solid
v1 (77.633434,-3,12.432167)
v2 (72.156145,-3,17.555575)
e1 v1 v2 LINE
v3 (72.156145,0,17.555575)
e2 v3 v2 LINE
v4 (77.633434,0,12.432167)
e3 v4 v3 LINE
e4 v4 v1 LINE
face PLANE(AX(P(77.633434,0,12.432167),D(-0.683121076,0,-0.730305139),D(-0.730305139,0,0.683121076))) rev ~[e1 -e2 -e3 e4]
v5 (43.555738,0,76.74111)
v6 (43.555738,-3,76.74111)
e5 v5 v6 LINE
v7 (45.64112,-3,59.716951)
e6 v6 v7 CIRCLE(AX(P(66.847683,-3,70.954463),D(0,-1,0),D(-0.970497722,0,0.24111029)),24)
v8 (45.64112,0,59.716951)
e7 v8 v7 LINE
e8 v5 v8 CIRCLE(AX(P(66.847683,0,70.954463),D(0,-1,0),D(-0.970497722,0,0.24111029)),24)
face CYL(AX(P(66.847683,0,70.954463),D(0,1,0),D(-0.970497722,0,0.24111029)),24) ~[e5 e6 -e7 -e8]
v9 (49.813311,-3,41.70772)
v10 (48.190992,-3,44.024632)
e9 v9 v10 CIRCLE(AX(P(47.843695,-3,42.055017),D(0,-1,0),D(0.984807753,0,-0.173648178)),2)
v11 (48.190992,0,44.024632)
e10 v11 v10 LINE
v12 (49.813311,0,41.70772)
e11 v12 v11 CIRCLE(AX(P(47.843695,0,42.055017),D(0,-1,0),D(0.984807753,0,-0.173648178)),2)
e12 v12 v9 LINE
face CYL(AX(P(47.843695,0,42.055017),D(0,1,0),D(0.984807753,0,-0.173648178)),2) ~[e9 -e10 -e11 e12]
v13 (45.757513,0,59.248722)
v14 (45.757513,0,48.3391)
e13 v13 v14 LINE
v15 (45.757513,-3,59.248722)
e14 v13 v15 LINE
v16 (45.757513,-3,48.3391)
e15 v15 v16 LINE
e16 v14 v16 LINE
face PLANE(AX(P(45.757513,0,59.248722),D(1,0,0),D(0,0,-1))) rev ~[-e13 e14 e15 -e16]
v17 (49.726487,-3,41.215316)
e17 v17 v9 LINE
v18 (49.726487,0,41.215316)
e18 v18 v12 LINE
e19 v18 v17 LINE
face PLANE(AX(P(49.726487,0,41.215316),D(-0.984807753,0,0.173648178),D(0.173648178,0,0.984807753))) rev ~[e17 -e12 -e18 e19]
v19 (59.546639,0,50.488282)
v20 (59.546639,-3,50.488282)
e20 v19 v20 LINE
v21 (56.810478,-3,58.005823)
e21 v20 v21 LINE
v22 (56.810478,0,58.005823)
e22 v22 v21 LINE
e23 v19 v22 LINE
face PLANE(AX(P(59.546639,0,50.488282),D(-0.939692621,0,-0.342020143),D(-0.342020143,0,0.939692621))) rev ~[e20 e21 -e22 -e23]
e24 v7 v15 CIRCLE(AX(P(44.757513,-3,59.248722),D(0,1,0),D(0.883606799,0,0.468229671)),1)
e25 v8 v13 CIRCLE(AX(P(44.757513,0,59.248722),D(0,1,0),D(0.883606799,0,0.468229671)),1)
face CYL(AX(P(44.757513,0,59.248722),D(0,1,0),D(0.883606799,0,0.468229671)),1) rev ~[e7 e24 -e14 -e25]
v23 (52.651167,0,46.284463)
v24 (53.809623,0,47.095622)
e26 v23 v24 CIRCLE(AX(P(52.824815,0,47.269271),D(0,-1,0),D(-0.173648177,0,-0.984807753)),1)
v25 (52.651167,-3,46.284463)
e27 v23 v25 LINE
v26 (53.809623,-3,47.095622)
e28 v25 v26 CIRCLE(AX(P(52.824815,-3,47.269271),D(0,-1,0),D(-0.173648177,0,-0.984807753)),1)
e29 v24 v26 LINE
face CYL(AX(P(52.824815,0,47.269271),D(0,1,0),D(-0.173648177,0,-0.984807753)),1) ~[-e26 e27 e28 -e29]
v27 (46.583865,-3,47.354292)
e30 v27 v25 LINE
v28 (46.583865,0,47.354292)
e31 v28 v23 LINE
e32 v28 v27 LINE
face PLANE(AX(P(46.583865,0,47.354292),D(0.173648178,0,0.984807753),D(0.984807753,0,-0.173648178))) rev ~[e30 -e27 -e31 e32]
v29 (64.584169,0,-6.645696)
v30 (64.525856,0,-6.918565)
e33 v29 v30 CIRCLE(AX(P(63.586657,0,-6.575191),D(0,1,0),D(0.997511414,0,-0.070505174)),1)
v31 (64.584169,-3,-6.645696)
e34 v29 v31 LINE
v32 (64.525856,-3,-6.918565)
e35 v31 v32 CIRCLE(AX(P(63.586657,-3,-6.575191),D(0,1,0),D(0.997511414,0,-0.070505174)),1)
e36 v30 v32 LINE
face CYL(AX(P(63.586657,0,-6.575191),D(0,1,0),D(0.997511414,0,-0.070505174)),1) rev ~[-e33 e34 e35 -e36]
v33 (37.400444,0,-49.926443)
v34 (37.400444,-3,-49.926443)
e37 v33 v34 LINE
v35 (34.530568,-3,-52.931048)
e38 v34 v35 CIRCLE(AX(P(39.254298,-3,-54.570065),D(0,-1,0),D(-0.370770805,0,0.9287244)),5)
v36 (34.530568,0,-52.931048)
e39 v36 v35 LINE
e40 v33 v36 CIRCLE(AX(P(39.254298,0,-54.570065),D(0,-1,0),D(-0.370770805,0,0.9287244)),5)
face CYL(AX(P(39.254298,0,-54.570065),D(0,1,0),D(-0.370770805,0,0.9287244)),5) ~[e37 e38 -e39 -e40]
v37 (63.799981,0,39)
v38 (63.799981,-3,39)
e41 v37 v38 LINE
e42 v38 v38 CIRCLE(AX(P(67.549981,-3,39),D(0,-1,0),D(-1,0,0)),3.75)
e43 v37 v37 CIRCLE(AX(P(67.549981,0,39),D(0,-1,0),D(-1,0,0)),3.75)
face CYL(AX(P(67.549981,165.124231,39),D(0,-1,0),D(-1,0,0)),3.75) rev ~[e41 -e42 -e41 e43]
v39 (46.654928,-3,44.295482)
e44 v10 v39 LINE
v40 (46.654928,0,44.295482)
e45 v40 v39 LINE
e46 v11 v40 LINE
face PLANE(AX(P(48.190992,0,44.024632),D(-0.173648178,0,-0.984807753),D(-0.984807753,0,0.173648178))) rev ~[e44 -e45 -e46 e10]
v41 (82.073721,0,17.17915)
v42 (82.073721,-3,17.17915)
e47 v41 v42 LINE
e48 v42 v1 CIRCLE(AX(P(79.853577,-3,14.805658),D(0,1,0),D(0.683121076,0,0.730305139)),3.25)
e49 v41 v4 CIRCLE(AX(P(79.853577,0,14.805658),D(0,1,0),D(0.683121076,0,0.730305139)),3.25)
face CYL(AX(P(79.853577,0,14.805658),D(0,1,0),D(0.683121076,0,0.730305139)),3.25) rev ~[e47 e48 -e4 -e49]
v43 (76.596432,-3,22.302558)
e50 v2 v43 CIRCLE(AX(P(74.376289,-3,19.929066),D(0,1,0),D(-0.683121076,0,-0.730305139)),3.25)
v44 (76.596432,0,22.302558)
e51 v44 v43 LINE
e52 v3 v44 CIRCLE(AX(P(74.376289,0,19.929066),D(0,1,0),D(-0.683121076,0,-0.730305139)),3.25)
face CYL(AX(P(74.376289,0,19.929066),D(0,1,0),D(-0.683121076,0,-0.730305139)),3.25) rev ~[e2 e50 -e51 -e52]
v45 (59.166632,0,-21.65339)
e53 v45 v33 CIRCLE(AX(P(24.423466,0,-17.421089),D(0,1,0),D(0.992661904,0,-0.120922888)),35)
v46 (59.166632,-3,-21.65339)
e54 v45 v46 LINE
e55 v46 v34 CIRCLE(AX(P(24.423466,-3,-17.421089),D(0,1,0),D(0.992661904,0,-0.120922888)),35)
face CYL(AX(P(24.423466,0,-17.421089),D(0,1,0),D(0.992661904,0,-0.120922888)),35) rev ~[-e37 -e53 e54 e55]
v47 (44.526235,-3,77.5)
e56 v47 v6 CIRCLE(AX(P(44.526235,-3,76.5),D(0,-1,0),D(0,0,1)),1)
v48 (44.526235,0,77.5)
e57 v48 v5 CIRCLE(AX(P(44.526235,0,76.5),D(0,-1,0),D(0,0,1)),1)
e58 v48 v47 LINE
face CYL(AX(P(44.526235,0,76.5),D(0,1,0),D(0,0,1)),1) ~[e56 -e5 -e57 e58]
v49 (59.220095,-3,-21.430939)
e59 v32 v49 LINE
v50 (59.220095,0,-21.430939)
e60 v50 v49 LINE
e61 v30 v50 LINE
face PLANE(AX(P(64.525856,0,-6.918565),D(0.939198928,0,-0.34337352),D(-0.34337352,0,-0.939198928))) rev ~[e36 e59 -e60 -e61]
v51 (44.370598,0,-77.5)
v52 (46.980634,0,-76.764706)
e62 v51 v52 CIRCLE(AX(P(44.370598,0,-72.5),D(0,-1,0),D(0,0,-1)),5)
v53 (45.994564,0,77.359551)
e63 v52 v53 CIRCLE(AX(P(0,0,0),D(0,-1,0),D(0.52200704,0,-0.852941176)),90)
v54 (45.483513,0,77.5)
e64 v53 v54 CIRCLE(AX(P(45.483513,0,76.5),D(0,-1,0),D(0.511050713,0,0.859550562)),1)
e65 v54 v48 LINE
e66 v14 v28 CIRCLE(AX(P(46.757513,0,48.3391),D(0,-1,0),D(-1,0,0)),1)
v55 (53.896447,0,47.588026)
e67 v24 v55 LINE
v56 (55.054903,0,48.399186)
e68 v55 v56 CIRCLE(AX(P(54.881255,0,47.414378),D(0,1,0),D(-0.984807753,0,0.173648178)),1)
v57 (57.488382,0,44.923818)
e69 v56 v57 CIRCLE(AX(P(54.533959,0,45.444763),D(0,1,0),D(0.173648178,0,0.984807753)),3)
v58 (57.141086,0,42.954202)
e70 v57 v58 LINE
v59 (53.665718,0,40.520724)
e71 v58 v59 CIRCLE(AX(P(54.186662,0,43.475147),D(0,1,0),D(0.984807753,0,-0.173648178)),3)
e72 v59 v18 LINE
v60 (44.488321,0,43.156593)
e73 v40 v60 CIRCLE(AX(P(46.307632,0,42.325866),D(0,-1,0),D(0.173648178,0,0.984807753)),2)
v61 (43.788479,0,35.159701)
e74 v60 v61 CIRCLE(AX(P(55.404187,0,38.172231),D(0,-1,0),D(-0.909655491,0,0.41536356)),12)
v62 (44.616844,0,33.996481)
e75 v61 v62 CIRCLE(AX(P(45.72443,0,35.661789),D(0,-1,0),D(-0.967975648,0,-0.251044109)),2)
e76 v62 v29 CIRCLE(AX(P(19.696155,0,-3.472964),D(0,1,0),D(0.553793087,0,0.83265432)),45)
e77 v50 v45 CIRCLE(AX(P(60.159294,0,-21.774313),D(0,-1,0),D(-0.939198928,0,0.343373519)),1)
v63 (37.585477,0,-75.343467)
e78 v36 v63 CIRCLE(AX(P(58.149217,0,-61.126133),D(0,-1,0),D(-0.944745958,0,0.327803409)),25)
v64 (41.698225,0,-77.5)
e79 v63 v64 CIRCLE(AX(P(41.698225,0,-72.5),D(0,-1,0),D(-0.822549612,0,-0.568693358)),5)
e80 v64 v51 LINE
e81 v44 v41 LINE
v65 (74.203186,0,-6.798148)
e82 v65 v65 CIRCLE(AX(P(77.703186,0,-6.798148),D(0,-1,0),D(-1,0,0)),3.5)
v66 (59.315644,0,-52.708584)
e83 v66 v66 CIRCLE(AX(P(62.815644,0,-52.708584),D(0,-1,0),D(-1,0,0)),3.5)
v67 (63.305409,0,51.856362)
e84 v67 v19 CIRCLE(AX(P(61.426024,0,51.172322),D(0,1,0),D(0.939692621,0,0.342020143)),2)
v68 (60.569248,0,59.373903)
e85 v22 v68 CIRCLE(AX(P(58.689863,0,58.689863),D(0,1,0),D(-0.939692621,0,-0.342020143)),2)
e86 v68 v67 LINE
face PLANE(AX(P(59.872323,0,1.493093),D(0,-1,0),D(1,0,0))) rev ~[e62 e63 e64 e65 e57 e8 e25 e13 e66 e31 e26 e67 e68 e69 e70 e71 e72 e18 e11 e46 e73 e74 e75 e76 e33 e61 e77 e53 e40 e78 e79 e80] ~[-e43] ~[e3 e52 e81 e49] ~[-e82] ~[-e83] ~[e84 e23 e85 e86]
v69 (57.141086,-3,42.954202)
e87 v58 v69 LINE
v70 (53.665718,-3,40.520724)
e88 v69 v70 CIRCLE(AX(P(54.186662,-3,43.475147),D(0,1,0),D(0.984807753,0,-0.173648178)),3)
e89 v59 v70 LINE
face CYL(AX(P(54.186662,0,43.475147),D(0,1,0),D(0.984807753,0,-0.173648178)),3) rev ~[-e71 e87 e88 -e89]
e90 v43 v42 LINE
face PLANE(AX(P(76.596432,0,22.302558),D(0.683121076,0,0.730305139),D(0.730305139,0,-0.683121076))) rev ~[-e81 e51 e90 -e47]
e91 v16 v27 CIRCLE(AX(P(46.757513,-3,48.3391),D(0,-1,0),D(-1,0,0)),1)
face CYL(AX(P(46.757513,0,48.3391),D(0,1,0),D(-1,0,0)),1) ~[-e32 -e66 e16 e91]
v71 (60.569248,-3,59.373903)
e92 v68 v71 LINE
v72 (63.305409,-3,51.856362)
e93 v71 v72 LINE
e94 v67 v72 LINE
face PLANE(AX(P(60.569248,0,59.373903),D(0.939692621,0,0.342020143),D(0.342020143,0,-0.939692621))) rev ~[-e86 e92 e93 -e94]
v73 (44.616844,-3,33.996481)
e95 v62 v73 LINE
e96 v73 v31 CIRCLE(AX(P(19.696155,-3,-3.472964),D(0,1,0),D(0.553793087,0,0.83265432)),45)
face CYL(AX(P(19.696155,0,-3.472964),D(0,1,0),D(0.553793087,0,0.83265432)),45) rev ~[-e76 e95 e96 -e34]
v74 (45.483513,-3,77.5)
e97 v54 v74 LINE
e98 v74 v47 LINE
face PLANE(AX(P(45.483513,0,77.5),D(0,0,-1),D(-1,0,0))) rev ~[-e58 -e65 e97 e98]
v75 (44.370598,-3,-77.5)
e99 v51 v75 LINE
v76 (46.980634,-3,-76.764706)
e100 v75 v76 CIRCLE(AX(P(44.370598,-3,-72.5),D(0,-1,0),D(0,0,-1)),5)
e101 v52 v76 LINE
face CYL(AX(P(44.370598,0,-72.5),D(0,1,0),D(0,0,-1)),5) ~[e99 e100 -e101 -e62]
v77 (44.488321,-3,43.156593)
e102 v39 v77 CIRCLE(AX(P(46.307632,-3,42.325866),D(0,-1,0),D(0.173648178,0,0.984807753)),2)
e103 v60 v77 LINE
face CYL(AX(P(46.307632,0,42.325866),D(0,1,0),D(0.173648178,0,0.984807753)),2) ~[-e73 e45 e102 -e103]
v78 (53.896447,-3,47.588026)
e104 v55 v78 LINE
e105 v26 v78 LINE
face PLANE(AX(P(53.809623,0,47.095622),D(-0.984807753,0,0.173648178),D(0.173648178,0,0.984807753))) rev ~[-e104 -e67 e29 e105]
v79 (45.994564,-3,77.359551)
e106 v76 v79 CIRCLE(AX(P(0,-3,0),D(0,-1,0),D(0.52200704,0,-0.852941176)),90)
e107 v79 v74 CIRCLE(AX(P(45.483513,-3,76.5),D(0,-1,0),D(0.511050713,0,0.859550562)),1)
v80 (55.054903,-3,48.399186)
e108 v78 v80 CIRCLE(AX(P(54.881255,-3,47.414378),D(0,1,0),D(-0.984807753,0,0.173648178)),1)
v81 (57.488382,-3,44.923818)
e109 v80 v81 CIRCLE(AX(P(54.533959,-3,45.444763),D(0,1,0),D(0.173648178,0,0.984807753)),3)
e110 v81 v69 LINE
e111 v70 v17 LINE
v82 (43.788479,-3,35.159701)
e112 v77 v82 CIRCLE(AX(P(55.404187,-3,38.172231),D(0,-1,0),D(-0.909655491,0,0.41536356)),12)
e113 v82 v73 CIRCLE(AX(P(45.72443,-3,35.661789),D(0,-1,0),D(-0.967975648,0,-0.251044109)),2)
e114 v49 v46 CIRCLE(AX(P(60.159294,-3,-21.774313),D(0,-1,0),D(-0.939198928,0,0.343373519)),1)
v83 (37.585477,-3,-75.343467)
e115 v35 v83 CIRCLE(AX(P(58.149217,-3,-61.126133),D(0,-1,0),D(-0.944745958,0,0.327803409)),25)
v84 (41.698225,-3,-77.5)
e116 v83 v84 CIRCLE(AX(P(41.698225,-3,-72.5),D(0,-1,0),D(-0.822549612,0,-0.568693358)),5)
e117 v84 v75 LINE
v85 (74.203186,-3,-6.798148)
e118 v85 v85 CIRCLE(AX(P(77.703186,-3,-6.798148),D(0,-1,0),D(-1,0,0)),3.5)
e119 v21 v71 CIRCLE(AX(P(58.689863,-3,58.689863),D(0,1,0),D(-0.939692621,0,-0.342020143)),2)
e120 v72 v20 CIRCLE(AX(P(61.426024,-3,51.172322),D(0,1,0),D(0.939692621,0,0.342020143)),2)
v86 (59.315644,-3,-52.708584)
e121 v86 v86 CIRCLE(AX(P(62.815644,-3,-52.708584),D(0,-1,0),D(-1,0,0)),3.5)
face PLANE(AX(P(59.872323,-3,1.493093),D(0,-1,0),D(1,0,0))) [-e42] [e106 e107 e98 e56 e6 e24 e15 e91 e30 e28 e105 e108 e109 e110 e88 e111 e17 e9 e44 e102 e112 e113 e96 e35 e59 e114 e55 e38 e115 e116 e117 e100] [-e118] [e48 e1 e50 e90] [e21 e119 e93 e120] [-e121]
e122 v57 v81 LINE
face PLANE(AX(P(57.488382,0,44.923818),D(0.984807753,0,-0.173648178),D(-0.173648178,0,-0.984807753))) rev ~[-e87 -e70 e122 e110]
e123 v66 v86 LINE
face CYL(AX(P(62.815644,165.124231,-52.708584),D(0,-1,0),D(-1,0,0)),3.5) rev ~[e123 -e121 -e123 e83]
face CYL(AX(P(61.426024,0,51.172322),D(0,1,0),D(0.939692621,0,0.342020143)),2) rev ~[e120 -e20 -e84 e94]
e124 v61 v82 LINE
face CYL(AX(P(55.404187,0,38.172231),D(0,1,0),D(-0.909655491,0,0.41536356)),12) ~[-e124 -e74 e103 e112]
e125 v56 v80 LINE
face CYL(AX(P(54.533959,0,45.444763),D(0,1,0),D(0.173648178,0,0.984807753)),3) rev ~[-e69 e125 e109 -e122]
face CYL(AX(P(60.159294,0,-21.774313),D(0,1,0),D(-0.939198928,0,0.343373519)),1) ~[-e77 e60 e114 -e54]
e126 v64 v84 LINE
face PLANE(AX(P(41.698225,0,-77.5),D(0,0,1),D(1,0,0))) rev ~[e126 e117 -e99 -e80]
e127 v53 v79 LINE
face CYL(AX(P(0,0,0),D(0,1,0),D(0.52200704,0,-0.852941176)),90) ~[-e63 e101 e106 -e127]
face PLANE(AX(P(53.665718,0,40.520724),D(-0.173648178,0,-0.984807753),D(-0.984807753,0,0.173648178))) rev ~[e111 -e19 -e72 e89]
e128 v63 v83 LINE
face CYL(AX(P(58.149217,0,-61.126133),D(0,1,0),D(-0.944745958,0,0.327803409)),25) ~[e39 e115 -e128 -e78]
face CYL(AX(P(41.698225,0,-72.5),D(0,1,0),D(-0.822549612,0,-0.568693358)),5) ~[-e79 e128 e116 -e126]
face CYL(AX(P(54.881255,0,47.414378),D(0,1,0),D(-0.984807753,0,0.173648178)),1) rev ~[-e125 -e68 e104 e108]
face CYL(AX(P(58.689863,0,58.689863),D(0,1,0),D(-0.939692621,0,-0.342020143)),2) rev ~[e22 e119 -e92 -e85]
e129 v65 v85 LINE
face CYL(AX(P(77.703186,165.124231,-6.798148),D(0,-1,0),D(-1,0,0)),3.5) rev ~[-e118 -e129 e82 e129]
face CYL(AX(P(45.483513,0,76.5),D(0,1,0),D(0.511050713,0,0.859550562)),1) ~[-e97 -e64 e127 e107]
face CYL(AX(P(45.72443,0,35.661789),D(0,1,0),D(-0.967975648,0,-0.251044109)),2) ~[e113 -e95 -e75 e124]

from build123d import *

# Parameters (mm, degrees)
F1_DEPTH = 3
F2_D     = 7.5
F3_D     = 7


with BuildPart() as f1:
    # F0 (on Front) → F1 (new body)
    with BuildSketch(Plane.XZ):
        with BuildLine():
            ThreePointArc((44.3705983732, -77.5), (45.7264137346, -77.3126671094), (46.9806335717, -76.7647058824))
            ThreePointArc((46.9806335717, -76.7647058824), (89.9981580742, 0.57579792), (45.9945642101, 77.3595505618))
            ThreePointArc((45.9945642101, 77.3595505618), (45.7485129667, 77.4642485576), (45.4835134967, 77.5))
            Line((45.4835134967, 77.5), (44.5262354224, 77.5))
            ThreePointArc((44.5262354224, 77.5), (43.9102444687, 77.2877532259), (43.5557377006, 76.74111029))
            ThreePointArc((43.5557377006, 76.74111029), (43.0257432914, 68.0363839372), (45.6411198435, 59.7169512378))
            ThreePointArc((45.6411198435, 59.7169512378), (45.7279786025, 59.4899612828), (45.7575130443, 59.2487215672))
            Line((45.7575130443, 59.2487215672), (45.7575130443, 48.3390996312))
            ThreePointArc((45.7575130443, 48.3390996312), (45.9914686012, 47.6963120215), (46.5838648666, 47.3542918782))
            Line((46.5838648666, 47.3542918782), (52.6511673154, 46.2844627563))
            ThreePointArc((52.6511673154, 46.2844627563), (53.3983919294, 46.4501184651), (53.8096232461, 47.0956223317))
            Line((53.8096232461, 47.0956223317), (53.8964473349, 47.5880262082))
            ThreePointArc((53.8964473349, 47.5880262082), (54.3076786516, 48.2335300748), (55.0549032656, 48.3991857835))
            ThreePointArc((55.0549032656, 48.3991857835), (56.9914148655, 47.1654918335), (57.4883819916, 44.9238179915))
            Line((57.4883819916, 44.9238179915), (57.1410856363, 42.9542024855))
            ThreePointArc((57.1410856363, 42.9542024855), (55.9073916863, 41.0176908856), (53.6657178442, 40.5207237594))
            Line((53.6657178442, 40.5207237594), (49.7264868322, 41.2153164701))
            Line((49.7264868322, 41.2153164701), (49.813310921, 41.7077203466))
            ThreePointArc((49.813310921, 41.7077203466), (49.4819995036, 43.2021695746), (48.1909917703, 44.024632208))
            Line((48.1909917703, 44.024632208), (46.654928091, 44.2954816787))
            ThreePointArc((46.654928091, 44.2954816787), (45.3770547888, 44.0961843774), (44.4883207532, 43.1565932934))
            ThreePointArc((44.4883207532, 43.1565932934), (43.4498768152, 39.2184028407), (43.7884788704, 35.1597012623))
            ThreePointArc((43.7884788704, 35.1597012623), (44.0953044742, 34.5016388527), (44.6168439919, 33.9964808404))
            ThreePointArc((44.6168439919, 33.9964808404), (60.0850196139, 16.3699097283), (64.5841686774, -6.6456963673))
            ThreePointArc((64.5841686774, -6.6456963673), (64.5645764936, -6.784174398), (64.5258561915, -6.9185647133))
            Line((64.5258561915, -6.9185647133), (59.2200951601, -21.4309391015))
            ThreePointArc((59.2200951601, -21.4309391015), (59.1869810524, -21.540630442), (59.1666321841, -21.6533897337))
            ThreePointArc((59.1666321841, -21.6533897337), (52.1569189093, -38.7718630086), (37.4004437105, -49.9264426586))
            ThreePointArc((37.4004437105, -49.9264426586), (35.6386283719, -51.1165251582), (34.530567944, -52.9310476109))
            ThreePointArc((34.530567944, -52.9310476109), (33.3782658922, -64.5025194612), (37.5854765853, -75.34346679))
            ThreePointArc((37.5854765853, -75.34346679), (39.3763002237, -76.9281674511), (41.6982246465, -77.5))
            Line((41.6982246465, -77.5), (44.3705983732, -77.5))
        make_face()
        with BuildLine():
            ThreePointArc((56.8104775969, 58.0058225518), (58.0058225518, 60.5692480801), (60.5692480801, 59.3739031251))
            Line((60.5692480801, 59.3739031251), (63.3054092267, 51.8563621588))
            ThreePointArc((63.3054092267, 51.8563621588), (62.1100642717, 49.2929366306), (59.5466387435, 50.4882815855))
            Line((59.5466387435, 50.4882815855), (56.8104775969, 58.0058225518))
        make_face(mode=Mode.SUBTRACT)
        with BuildLine():
            ThreePointArc((72.1561451286, 17.555574771), (72.0027969224, 22.1492099685), (76.5964321199, 22.3025581748))
            Line((76.5964321199, 22.3025581748), (82.0737206627, 17.1791501079))
            ThreePointArc((82.0737206627, 17.1791501079), (82.2270688689, 12.5855149104), (77.6334336714, 12.4321667042))
            Line((77.6334336714, 12.4321667042), (72.1561451286, 17.555574771))
        make_face(mode=Mode.SUBTRACT)
    extrude(amount=F1_DEPTH)

    # F2 (through all)
    with Locations(Plane(origin=(0, 0, 0), x_dir=(1, 0, 0), z_dir=(0, 1, 0))):
        with Locations((67.5499814952, -39)):
            Hole(F2_D / 2)

    # F3 (through all)
    with Locations(Plane(origin=(0, 0, 0), x_dir=(1, 0, 0), z_dir=(0, 1, 0))):
        with Locations((77.7031864512, 6.7981479343), (62.8156443358, 52.7085839943)):
            Hole(F3_D / 2)


solid = f1.part
